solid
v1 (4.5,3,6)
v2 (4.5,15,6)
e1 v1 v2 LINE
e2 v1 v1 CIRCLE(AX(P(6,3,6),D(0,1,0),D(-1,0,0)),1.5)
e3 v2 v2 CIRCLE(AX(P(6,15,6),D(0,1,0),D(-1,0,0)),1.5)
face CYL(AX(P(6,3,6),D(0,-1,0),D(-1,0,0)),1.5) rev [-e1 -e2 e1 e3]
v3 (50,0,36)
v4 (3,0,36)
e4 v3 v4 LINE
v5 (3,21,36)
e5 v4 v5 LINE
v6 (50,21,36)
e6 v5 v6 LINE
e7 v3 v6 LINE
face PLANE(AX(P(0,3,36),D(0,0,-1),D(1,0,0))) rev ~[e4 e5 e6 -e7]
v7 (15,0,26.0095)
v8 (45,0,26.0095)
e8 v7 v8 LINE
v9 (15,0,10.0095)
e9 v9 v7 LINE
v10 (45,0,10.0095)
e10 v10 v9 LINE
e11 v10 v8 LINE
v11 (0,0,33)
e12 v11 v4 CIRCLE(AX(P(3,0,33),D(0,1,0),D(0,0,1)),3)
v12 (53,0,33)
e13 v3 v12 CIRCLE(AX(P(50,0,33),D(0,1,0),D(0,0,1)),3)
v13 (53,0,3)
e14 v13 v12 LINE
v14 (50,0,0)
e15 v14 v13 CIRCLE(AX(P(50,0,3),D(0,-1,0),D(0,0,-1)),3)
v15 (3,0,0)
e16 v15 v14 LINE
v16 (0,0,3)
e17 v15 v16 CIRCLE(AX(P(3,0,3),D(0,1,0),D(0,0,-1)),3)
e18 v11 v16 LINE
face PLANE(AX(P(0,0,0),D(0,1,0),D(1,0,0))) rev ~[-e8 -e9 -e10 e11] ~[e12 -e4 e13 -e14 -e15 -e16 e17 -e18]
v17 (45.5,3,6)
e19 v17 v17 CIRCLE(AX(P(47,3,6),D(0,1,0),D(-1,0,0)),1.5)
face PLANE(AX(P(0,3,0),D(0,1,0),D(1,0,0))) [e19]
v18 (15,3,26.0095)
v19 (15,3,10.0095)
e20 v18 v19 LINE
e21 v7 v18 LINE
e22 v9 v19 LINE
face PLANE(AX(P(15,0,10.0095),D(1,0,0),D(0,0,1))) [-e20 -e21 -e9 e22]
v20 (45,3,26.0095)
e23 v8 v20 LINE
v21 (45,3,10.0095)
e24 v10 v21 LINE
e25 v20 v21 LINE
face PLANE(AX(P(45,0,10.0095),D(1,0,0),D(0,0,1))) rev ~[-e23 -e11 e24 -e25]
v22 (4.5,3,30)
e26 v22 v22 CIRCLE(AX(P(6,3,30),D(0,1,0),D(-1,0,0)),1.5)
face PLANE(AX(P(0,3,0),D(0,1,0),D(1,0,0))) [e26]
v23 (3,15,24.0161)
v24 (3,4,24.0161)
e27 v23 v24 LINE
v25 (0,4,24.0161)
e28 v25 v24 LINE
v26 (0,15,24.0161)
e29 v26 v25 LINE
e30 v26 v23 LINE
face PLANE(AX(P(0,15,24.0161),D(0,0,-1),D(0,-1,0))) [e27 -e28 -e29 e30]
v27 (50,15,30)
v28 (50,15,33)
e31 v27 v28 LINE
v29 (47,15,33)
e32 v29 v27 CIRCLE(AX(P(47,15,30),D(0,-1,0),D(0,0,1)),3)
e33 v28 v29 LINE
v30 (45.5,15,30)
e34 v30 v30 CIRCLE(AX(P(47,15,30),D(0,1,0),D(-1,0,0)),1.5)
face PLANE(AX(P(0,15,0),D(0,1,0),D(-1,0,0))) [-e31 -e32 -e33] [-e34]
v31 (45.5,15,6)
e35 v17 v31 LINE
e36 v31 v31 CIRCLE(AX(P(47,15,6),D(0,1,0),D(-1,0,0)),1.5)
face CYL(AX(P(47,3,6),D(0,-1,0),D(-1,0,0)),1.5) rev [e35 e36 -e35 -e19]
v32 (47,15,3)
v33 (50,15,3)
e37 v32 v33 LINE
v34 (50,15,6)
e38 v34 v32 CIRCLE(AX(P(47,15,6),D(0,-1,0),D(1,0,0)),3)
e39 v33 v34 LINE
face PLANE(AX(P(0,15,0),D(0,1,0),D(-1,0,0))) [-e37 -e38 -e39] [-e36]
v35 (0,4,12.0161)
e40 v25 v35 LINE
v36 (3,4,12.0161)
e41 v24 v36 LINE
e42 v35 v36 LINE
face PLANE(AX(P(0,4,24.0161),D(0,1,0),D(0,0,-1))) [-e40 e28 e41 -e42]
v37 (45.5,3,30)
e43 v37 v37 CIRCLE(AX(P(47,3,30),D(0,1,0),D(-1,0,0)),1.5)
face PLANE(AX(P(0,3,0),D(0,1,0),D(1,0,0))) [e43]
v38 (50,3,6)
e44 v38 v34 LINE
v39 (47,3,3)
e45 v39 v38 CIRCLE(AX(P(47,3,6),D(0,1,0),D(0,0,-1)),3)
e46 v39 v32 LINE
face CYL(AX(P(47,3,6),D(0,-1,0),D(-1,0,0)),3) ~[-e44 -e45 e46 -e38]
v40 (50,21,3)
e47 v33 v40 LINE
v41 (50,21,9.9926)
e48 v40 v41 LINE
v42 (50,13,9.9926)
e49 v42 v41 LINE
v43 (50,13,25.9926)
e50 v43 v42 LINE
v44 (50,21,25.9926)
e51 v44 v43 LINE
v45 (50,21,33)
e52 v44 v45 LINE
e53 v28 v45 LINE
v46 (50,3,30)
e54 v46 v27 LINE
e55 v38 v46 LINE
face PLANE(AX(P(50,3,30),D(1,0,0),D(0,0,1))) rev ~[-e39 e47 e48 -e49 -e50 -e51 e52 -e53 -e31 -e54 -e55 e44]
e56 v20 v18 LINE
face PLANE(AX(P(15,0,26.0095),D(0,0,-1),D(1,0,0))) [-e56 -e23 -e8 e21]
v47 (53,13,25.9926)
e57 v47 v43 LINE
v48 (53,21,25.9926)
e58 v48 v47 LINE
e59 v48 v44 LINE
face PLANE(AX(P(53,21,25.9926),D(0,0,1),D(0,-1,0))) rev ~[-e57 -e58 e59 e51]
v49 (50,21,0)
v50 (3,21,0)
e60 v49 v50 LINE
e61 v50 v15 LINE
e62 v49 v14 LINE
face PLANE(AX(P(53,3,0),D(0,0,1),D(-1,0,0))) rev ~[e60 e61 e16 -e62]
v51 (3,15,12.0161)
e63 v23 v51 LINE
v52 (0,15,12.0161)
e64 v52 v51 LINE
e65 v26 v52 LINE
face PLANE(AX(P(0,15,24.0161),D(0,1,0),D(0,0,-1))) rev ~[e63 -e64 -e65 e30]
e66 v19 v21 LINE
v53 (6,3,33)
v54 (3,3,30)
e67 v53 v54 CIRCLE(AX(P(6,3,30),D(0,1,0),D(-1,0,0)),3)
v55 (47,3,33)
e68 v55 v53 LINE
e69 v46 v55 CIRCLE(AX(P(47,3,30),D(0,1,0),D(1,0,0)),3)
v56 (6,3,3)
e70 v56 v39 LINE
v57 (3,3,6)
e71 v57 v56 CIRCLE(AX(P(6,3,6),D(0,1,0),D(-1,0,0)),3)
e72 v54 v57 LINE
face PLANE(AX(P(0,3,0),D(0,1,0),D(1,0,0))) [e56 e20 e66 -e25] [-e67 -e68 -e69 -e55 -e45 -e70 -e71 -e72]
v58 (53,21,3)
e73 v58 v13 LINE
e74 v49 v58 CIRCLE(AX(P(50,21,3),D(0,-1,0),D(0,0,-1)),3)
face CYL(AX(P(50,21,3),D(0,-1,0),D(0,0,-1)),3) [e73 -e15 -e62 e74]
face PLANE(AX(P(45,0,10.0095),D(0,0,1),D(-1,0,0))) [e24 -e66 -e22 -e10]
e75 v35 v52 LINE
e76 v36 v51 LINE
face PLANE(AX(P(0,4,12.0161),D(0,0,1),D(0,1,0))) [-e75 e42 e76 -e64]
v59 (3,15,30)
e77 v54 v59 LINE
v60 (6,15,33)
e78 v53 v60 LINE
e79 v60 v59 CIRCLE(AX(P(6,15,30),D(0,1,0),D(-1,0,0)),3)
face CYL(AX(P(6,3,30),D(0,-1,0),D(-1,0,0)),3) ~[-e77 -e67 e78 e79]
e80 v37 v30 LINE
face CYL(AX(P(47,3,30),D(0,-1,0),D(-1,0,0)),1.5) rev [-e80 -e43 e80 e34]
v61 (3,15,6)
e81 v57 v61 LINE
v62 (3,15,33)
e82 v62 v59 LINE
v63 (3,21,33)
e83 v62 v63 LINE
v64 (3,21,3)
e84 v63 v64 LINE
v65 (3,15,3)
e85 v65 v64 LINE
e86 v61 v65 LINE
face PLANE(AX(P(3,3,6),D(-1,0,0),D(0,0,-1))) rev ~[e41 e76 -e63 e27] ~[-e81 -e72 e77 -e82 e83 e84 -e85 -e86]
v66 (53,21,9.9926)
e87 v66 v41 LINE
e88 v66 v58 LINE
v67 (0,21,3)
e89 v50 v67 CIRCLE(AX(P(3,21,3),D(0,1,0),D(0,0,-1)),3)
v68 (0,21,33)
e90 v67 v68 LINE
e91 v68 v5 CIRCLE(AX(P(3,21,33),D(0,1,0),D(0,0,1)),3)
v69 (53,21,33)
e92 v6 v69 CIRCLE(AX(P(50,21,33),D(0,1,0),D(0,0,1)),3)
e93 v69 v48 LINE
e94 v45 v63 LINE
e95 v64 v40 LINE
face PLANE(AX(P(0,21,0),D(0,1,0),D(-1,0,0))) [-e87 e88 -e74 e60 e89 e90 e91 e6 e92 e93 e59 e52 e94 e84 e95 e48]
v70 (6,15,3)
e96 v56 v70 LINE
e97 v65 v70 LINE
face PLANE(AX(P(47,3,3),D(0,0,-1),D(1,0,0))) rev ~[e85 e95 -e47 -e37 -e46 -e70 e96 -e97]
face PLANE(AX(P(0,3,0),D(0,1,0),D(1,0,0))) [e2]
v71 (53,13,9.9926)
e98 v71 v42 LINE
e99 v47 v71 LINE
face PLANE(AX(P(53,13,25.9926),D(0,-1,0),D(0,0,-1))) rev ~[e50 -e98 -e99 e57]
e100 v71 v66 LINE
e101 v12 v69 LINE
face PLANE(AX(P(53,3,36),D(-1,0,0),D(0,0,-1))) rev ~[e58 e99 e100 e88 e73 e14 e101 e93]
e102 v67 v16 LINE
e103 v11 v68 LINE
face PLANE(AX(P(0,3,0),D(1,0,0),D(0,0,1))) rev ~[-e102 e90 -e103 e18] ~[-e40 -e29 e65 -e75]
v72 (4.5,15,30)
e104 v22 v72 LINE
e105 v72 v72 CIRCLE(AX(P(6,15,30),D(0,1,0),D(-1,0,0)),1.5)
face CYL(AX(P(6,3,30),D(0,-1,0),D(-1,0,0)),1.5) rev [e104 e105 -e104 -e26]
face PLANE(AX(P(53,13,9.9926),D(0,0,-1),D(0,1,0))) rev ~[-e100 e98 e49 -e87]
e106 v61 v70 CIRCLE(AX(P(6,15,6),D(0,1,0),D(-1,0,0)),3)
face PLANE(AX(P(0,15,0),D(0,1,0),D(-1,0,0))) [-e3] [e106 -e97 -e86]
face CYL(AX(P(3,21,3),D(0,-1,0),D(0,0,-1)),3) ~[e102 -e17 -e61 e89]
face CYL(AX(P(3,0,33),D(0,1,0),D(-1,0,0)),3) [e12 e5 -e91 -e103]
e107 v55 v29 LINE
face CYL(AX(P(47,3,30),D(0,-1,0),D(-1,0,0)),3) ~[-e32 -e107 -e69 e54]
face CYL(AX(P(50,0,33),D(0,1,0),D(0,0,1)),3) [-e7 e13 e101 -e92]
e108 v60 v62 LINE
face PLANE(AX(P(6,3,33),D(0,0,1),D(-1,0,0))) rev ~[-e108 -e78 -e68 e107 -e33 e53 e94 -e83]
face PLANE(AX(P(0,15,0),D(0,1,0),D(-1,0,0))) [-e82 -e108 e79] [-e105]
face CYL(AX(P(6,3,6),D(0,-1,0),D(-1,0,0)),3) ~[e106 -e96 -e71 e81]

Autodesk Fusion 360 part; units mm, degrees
sketch "Sketch1" plane through (0, 0, 0) normal (0, 1, 0) x (1, 0, 0)
  line L0 (0, 0) -> (53, 0)
  line L1 (53, 0) -> (53, -36)
  line L2 (53, -36) -> (0, -36)
  line L3 (0, -36) -> (0, 0)
extrude "Extrude1" add sketch "Sketch1" along normal blind 3
sketch "Sketch2" plane through (0, 3, 0) normal (0, 1, 0) x (-1, 0, 0)
  line L0 (0, 36) -> (-53, 36)
  line L1 (-53, 36) -> (-53, 0)
  line L2 (-53, 0) -> (0, 0)
  line L3 (0, 0) -> (0, 36)
  line L4 (-3, 3) -> (-50, 3)
  line L5 (-50, 3) -> (-50, 33)
  line L6 (-50, 33) -> (-3, 33)
  line L7 (-3, 33) -> (-3, 3)
  circle A0 centre (-47, 30) radius 3
  circle A1 centre (-47, 6) radius 3
  circle A2 centre (-6, 30) radius 3
  circle A3 centre (-6, 6) radius 3
  circle A4 centre (-6, 6) radius 1.5
  circle A5 centre (-6, 30) radius 1.5
  circle A6 centre (-47, 30) radius 1.5
  circle A7 centre (-47, 6) radius 1.5
  dimension "d3" = 6
  dimension "d4" = 6
  dimension "d5" = 3
  dimension "d6" = 3
  dimension "d7" = 3
extrude "Extrude2" add sketch "Sketch2" along normal blind 12 contours L4 L7 A3 | A3 | L4 L5 A1 | A1 | L6 L7 A2 | A2 | L5 L6 A0 | A0
extrude "Extrude3" add sketch "Sketch2" along normal blind 18 contours L0 L1 L2 L3
sketch "Sketch3" plane through (0, 0, 0) normal (-1, 0, 0) x (0, 0, 1)
  line L0 (0, 0) -> (36, 0)
  line L1 (36, 0) -> (36, 21)
  line L2 (36, 21) -> (0, 21)
  line L3 (0, 21) -> (0, 0)
  line L4 (12.0161, 21) -> (24.0161, 21)
  line L5 (24.0161, 21) -> (24.0161, 4)
  line L6 (24.0161, 4) -> (12.0161, 4)
  line L7 (12.0161, 4) -> (12.0161, 21)
  line L8 (12.0161, 21) -> (24.0161, 21)
  line L9 (24.0161, 21) -> (24.0161, 15)
  line L10 (24.0161, 15) -> (12.0161, 15)
  line L11 (12.0161, 15) -> (12.0161, 21)
  dimension "d12" = 12
  dimension "d13" = 17
  dimension "d14" = 6
extrude "Extrude4" cut sketch "Sketch3" against normal blind 11 contours L5 L6 L7 L10
sketch "Sketch4" plane through (53, 0, 0) normal (1, 0, 0) x (0, 0, -1)
  line L0 (-36, 0) -> (0, 0)
  line L1 (0, 0) -> (0, 21)
  line L2 (0, 21) -> (-36, 21)
  line L3 (-36, 21) -> (-36, 0)
  line L4 (-9.9926, 21) -> (-25.9926, 21)
  line L5 (-25.9926, 21) -> (-25.9926, 13)
  line L6 (-25.9926, 13) -> (-9.9926, 13)
  line L7 (-9.9926, 13) -> (-9.9926, 21)
  dimension "d17" = 16
extrude "Extrude5" cut sketch "Sketch4" against normal blind 6 contours L2 L4 L5 L6 L7
fillet "Fillet1" radius 3 1 edges at (53, 10.5, 0)
fillet "Fillet2" radius 3 1 edges at (0, 10.5, 0)
fillet "Fillet3" radius 3 1 edges at (0, 10.5, 36)
fillet "Fillet4" radius 3 1 edges at (53, 10.5, 36)
sketch "Sketch5" plane through (0, 0, 0) normal (0, -1, 0) x (1, 0, 0)
  arc A0 (53, 33) -> (50, 36) centre (50, 33) ccw
  line L0 (50, 36) -> (3, 36)
  arc A1 (3, 36) -> (0, 33) centre (3, 33) ccw
  line L1 (0, 33) -> (0, 3)
  arc A2 (0, 3) -> (3, 0) centre (3, 3) ccw
  line L2 (3, 0) -> (50, 0)
  arc A3 (50, 0) -> (53, 3) centre (50, 3) ccw
  line L3 (53, 3) -> (53, 33)
  line L4 (50, 10.0095) -> (15, 10.0095)
  line L5 (15, 10.0095) -> (15, 26.0095)
  line L6 (15, 26.0095) -> (50, 26.0095)
  line L7 (50, 26.0095) -> (50, 10.0095)
  line L8 (50, 10.0095) -> (45, 10.0095)
  line L9 (45, 10.0095) -> (45, 26.0095)
  line L10 (45, 26.0095) -> (50, 26.0095)
  line L11 (50, 26.0095) -> (50, 10.0095)
  dimension "d28" = 16
  dimension "d29" = 5
extrude "Extrude6" cut sketch "Sketch5" against normal blind 7 contours L4 L5 L6 L9
